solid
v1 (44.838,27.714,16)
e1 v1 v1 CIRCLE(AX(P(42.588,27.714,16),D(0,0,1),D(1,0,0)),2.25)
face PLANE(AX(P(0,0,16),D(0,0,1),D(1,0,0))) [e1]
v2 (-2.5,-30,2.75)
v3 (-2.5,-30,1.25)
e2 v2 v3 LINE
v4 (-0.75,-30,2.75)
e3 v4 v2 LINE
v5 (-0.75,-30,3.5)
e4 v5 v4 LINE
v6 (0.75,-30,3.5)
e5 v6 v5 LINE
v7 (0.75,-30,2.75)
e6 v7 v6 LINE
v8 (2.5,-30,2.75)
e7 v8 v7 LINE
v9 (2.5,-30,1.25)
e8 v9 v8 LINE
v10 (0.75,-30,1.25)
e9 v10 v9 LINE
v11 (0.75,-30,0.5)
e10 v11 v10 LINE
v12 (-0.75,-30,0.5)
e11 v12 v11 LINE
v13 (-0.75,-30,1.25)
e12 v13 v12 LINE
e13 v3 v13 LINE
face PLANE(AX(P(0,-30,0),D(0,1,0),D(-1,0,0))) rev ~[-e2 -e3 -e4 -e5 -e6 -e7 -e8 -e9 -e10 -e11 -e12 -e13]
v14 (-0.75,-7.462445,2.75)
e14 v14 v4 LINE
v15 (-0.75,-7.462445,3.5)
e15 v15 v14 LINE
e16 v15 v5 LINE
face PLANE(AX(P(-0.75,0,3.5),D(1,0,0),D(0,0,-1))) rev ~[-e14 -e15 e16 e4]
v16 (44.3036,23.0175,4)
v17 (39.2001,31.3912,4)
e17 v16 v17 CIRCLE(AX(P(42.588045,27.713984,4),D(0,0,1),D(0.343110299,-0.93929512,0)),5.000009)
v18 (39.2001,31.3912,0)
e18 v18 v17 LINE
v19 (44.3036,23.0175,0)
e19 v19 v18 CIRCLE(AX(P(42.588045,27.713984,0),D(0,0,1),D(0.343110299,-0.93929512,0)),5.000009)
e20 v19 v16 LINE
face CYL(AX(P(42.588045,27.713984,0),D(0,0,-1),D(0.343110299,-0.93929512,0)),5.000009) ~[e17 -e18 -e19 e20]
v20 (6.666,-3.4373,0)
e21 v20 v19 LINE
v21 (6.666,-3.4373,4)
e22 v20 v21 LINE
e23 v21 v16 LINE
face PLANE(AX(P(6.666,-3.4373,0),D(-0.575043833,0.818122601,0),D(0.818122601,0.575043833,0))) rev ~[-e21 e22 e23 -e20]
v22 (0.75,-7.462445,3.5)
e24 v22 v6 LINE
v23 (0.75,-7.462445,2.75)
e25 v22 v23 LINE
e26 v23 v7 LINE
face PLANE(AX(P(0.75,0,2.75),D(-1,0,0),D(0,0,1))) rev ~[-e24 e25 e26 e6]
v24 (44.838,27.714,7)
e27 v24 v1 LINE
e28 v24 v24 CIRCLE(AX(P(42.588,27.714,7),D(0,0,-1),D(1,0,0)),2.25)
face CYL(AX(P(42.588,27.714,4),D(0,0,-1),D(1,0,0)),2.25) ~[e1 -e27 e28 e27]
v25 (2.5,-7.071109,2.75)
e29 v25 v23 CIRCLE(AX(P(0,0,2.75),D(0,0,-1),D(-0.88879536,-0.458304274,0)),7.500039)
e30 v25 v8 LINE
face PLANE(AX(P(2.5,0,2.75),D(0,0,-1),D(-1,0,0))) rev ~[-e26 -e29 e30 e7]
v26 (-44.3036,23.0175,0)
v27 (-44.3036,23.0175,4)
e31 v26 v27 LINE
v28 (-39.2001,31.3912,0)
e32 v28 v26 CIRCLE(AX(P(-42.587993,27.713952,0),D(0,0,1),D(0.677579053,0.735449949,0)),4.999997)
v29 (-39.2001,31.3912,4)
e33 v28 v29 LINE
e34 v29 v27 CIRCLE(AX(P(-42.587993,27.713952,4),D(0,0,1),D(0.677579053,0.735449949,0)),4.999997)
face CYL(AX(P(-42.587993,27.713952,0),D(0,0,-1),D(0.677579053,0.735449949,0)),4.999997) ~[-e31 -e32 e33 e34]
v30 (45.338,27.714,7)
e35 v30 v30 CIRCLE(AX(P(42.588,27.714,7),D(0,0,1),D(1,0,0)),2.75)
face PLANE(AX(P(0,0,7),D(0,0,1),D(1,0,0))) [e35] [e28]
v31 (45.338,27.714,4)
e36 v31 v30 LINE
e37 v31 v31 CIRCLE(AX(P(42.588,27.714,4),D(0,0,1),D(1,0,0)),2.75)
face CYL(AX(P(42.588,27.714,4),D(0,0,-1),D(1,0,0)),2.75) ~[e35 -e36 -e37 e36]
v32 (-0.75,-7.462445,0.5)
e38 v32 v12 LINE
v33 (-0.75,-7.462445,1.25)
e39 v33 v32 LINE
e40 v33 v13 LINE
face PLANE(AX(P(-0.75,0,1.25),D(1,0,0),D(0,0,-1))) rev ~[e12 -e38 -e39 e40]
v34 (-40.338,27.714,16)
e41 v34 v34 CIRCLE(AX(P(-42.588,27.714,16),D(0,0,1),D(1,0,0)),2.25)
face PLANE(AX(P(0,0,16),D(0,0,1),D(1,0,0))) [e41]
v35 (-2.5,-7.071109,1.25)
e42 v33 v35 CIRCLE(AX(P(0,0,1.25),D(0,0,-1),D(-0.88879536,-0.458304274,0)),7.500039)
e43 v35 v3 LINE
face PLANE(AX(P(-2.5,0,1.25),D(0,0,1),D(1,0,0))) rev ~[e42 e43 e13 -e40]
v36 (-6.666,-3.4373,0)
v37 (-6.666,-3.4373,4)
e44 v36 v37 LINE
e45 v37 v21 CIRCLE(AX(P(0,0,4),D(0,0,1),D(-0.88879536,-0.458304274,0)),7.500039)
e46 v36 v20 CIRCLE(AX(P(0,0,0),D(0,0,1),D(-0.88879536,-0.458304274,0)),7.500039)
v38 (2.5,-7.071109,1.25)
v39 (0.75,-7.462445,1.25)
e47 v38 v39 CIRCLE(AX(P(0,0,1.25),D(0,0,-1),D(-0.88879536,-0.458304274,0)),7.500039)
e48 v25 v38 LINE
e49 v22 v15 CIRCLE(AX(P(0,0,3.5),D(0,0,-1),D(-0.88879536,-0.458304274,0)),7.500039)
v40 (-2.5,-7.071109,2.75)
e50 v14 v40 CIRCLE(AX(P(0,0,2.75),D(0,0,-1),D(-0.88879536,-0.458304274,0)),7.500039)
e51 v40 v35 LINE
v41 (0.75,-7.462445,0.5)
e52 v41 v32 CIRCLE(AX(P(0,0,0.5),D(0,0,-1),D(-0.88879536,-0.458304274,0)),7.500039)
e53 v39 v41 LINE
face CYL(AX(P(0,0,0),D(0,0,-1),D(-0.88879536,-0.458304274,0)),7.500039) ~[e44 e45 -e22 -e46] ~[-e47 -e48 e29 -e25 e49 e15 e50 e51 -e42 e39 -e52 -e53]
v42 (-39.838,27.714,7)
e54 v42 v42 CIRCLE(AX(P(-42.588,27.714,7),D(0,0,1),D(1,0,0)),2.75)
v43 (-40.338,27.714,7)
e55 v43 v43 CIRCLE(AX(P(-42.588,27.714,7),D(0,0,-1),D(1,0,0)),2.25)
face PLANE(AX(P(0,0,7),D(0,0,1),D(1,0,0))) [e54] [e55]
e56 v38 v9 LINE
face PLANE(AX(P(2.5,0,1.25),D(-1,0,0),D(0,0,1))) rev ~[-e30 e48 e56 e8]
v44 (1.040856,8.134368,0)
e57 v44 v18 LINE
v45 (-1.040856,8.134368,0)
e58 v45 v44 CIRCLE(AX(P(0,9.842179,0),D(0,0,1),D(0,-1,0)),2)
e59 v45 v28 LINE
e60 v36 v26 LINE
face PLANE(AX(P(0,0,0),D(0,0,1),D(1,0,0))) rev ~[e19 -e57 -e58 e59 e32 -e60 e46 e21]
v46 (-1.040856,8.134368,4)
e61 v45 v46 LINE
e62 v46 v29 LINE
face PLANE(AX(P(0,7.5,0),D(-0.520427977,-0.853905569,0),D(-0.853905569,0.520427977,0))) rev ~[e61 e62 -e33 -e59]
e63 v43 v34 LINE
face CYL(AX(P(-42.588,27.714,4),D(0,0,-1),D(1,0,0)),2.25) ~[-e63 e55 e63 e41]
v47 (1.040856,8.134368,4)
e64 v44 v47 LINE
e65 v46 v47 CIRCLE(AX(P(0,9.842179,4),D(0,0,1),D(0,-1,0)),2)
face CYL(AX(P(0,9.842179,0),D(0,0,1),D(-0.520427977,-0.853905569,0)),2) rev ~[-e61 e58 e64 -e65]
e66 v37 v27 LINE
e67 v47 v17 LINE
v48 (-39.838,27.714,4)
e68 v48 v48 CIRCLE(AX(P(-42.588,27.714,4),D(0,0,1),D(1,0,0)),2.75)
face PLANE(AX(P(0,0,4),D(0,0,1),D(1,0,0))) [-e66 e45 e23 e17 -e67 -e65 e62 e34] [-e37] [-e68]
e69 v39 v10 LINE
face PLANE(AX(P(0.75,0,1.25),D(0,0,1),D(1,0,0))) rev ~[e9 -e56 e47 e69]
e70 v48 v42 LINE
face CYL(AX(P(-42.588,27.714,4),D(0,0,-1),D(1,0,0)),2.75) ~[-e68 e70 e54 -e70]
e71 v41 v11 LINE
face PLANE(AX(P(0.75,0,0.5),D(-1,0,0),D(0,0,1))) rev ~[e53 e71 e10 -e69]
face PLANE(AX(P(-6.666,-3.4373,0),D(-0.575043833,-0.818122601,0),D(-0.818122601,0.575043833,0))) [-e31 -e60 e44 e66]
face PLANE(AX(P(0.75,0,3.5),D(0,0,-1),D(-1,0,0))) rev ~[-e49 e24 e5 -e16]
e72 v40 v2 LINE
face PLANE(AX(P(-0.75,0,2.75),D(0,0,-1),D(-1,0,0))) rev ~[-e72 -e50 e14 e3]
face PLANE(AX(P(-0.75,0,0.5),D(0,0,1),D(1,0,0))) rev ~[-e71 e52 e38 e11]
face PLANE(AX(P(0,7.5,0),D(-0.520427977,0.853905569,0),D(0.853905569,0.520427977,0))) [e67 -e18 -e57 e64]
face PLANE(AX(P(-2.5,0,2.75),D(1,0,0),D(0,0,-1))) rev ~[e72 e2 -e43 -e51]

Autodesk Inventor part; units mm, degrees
ref_plane "YZ Plane" through (0, 0, 0) normal (1, 0, 0) x (0, 1, 0)
ref_plane "XZ Plane" through (0, 0, 0) normal (0, 1, 0) x (-1, 0, 0)
ref_plane "XY Plane" through (0, 0, 0) normal (0, 0, 1) x (1, 0, 0)
sketch "Sketch1" plane through (0, 0, 0) normal (0, 0, 1) x (1, 0, 0)
  arc A0 (44.3036, 23.0175) -> (39.2001, 31.3912) centre (42.588, 27.714) ccw
  arc A1 (-39.2001, 31.3912) -> (-44.3036, 23.0175) centre (-42.588, 27.714) ccw
  arc A2 (-6.666, -3.4373) -> (6.666, -3.4373) centre (0, 0) ccw
  line L0 (0, 7.5) -> (39.2001, 31.3912)
  line L1 (6.666, -3.4373) -> (44.3036, 23.0175)
  line L2 (0, 7.5) -> (-39.2001, 31.3912)
  line L3 (-6.666, -3.4373) -> (-44.3036, 23.0175)
  dimension "d5" = 10
  dimension "d6" = 10
  dimension "d7" = 15
extrude "Extrusion1" add sketch "Sketch1" along normal blind 4
fillet "Fillet1" radius 2 1 edges at (0, 7.5, 2)
sketch "Sketch2" plane through (0, 0, 4) normal (0, 0, 1) x (1, 0, 0)
  arc A0 (44.3036, 23.0175) -> (39.2001, 31.3912) centre (42.588, 27.714) ccw projected
  circle A1 centre (42.588, 27.714) radius 2.25
  arc A2 (-39.2001, 31.3912) -> (-44.3036, 23.0175) centre (-42.588, 27.714) ccw projected
  circle A3 centre (-42.588, 27.714) radius 2.25
  point P0 (0, 0)
  dimension "d11" = 4.5
  dimension "d12" = 4.5
extrude "Extrusion2" add sketch "Sketch2" along normal blind 12
sketch "Sketch3" plane through (0, 0, 4) normal (0, 0, 1) x (1, 0, 0)
  arc A0 (44.3036, 23.0175) -> (39.2001, 31.3912) centre (42.588, 27.714) ccw projected
  circle A1 centre (42.588, 27.714) radius 2.75
  circle A2 centre (-42.588, 27.714) radius 2.25 projected
  circle A3 centre (-42.588, 27.714) radius 2.75
  point P0 (0, 0)
  dimension "d15" = 5.5
  dimension "d16" = 5.5
extrude "Extrusion3" add sketch "Sketch3" along normal blind 3 contours A1 | A2 | A3
sketch "Sketch4" plane through (0, 0, 0) normal (0, 1, 0) x (-1, 0, 0)
  line L0 (2.5, 1.25) -> (-2.5, 1.25)
  line L1 (-2.5, 1.25) -> (-2.5, 2.75)
  line L2 (-2.5, 2.75) -> (2.5, 2.75)
  line L3 (2.5, 2.75) -> (2.5, 1.25)
  line L4 (2.5, 1.25) -> (-2.5, 2.75) construction
  line L5 (-2.5, 1.25) -> (2.5, 2.75) construction
  line L6 (-0.75, 0.5) -> (-0.75, 3.5)
  line L7 (-0.75, 3.5) -> (0.75, 3.5)
  line L8 (0.75, 3.5) -> (0.75, 0.5)
  line L9 (0.75, 0.5) -> (-0.75, 0.5)
  line L10 (-0.75, 0.5) -> (0.75, 3.5) construction
  line L11 (-0.75, 3.5) -> (0.75, 0.5) construction
  point P0 (0, 0)
  point P1 (0, 2)
  point P2 (0, 2)
  point P3 (-0.75, 2.75)
  point P4 (-0.75, 1.25)
  point P5 (0.75, 1.25)
  point P6 (0.75, 2.75)
  dimension "d19" = 5
  dimension "d20" = 1.5
  dimension "d21" = 3
  dimension "d22" = 1.5
extrude "Extrusion4" add sketch "Sketch4" against normal blind 30
sketch "Sketch5" plane through (0, 0, 4) normal (0, 0, 1) x (1, 0, 0)
  point P0 (0, 0)
sketch "Sketch6" plane through (0, -30, 0) normal (0, -1, 0) x (1, 0, 0)
  point P0 (0, 0)
properties part number "Gripper Base" material "Gold"
